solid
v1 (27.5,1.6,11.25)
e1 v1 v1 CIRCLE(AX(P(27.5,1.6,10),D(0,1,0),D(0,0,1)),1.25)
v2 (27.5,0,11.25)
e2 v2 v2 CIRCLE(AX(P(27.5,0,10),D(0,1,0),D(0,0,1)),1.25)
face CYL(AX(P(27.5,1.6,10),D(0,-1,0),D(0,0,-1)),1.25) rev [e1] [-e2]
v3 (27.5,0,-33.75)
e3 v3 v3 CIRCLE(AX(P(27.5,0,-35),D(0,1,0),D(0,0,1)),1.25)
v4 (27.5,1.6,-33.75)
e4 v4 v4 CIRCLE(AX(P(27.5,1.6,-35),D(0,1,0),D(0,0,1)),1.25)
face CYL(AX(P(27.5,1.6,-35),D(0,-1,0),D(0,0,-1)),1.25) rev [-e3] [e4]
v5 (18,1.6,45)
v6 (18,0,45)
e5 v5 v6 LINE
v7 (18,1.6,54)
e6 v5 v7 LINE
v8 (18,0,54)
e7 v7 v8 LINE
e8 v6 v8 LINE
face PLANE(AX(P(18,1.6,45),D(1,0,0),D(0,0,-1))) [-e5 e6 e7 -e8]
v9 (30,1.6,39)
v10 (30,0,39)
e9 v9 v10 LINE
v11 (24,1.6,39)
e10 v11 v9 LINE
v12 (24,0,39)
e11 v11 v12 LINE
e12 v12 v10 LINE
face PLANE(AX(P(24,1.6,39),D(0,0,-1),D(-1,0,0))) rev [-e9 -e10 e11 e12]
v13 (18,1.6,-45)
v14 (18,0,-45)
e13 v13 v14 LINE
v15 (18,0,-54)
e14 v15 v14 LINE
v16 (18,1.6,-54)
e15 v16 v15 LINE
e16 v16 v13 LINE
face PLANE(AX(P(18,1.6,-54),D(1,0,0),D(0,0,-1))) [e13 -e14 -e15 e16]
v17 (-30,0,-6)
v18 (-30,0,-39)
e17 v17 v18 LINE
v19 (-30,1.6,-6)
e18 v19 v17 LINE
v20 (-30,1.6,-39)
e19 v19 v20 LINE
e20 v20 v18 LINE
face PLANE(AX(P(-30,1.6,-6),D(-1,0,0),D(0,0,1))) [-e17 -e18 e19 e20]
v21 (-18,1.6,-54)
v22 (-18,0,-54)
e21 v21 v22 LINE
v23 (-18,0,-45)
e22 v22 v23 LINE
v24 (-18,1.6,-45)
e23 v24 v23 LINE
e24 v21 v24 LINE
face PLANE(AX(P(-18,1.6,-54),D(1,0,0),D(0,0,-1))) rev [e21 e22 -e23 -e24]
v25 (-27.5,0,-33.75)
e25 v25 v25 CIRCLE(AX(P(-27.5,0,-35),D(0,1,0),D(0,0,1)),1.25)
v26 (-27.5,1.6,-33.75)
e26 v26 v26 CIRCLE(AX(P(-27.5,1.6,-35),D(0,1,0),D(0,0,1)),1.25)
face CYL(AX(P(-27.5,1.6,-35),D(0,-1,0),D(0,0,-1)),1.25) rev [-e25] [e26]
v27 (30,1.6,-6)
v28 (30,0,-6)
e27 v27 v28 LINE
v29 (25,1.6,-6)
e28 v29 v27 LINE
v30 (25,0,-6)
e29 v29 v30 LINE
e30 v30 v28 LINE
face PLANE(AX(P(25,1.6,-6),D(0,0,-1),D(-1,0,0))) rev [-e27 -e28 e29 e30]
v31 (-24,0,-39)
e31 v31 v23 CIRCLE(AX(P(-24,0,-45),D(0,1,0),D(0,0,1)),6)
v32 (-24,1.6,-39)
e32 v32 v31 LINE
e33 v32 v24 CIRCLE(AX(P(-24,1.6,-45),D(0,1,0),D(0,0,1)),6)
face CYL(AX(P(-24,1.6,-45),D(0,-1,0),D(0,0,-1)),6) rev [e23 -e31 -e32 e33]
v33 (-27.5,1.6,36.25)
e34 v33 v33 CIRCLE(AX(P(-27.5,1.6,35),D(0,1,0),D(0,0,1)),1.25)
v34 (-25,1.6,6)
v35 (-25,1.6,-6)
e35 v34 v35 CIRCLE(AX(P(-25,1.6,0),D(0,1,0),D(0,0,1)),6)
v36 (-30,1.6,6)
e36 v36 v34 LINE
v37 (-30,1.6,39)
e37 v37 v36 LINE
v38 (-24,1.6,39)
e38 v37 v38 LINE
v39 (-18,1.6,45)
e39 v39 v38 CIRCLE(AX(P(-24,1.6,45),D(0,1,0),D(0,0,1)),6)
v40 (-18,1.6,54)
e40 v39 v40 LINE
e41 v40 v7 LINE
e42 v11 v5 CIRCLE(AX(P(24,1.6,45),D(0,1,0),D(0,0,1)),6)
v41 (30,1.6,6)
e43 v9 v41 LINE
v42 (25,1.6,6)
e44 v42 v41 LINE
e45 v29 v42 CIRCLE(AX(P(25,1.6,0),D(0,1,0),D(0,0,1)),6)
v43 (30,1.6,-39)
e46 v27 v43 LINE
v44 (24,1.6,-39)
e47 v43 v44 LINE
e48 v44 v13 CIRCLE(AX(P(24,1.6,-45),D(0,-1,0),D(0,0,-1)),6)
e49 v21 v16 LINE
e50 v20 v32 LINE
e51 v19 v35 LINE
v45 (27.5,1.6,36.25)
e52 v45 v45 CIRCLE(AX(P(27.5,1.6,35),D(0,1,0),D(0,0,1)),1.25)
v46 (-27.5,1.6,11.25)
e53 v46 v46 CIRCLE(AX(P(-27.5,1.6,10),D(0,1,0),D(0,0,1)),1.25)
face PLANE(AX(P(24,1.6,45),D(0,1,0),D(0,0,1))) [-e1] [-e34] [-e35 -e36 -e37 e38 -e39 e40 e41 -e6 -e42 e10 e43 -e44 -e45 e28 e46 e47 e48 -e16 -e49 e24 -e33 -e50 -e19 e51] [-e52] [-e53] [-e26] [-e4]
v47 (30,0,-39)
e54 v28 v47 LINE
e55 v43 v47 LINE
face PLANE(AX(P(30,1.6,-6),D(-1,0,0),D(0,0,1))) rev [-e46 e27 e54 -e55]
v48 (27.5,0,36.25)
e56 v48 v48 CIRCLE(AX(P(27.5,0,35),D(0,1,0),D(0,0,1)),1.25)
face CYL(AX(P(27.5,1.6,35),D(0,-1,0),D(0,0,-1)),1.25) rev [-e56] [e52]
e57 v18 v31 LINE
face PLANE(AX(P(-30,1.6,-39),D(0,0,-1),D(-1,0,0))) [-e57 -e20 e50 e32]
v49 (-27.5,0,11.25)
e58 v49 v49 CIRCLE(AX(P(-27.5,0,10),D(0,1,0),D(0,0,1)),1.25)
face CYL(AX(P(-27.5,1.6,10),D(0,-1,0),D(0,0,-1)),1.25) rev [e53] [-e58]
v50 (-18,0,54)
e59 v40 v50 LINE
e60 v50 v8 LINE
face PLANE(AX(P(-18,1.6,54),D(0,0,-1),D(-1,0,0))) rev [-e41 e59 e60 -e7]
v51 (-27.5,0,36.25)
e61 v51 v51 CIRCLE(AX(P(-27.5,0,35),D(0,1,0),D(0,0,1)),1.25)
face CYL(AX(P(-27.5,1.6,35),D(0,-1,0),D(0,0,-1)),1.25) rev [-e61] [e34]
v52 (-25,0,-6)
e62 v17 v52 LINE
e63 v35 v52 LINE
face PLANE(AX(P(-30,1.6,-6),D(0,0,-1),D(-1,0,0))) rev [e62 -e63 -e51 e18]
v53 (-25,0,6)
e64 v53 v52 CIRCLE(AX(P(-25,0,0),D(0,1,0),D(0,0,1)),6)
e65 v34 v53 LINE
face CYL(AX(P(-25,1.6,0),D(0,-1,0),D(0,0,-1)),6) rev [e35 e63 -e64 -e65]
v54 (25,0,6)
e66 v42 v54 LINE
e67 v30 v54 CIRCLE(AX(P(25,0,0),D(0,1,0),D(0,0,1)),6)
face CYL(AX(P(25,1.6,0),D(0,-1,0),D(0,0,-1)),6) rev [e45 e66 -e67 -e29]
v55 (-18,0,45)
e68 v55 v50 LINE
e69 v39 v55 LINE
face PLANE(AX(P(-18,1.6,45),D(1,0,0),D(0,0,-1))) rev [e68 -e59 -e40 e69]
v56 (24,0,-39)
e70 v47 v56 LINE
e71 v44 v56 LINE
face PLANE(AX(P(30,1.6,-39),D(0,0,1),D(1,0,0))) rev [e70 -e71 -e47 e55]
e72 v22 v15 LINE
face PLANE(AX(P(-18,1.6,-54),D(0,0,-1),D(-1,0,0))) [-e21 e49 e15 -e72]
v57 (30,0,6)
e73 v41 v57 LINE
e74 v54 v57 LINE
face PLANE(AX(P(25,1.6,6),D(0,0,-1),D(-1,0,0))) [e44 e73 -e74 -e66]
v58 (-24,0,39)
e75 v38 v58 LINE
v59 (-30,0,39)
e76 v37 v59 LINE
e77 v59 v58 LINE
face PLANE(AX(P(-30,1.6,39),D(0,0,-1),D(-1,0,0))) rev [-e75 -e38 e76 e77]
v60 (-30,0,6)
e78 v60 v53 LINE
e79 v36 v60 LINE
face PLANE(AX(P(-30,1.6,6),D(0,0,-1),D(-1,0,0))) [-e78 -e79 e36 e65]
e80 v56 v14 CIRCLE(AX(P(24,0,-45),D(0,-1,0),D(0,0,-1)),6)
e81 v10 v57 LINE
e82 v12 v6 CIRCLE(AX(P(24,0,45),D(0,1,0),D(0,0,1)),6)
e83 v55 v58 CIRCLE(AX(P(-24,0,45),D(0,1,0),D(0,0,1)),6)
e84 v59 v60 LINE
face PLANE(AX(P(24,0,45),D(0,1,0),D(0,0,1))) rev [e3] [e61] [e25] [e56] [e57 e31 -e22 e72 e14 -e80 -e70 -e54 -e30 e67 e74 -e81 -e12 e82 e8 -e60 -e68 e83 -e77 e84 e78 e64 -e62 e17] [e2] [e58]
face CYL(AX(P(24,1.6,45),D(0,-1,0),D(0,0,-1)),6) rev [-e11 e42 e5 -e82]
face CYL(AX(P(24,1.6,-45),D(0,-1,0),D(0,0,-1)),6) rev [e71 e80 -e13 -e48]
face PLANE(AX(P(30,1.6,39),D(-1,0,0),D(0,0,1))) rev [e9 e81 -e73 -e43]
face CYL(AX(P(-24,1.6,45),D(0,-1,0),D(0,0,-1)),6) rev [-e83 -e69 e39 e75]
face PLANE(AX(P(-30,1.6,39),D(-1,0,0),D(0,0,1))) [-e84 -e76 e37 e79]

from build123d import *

# Parameters (mm, degrees)
BOSS_EXTRUDE3_DEPTH = 1.6
SKETCH1_9_R         = 1.25
CUT_EXTRUDE2_DEPTH  = 1.6


with BuildPart() as part:
    # Sketch1 → Boss-Extrude3 (new body)
    with BuildSketch(Plane(origin=(0, 0, 0), x_dir=(1, 0, 0), z_dir=(0, 1, 0))):
        with BuildLine():
            Line((-30, -39), (-30, -6))
            Line((-30, -6), (-25, -6))
            ThreePointArc((-25, -6), (-19, 0), (-25, 6))
            Line((-25, 6), (-30, 6))
            Line((-30, 6), (-30, 39))
            Line((-30, 39), (-24, 39))
            ThreePointArc((-24, 39), (-19.757359313, 40.757359313), (-18, 45))
            Line((-18, 45), (-18, 54))
            Line((-18, 54), (18, 54))
            Line((18, 54), (18, 45))
            ThreePointArc((18, 45), (19.757359313, 40.757359313), (24, 39))
            Line((24, 39), (30, 39))
            Line((30, 39), (30, 6))
            Line((30, 6), (25, 6))
            ThreePointArc((25, 6), (19, 0), (25, -6))
            Line((25, -6), (30, -6))
            Line((30, -6), (30, -39))
            Line((30, -39), (24, -39))
            ThreePointArc((24, -39), (19.757359313, -40.757359313), (18, -45))
            Line((18, -45), (18, -54))
            Line((18, -54), (-18, -54))
            Line((-18, -54), (-18, -45))
            ThreePointArc((-18, -45), (-19.757359313, -40.757359313), (-24, -39))
            Line((-24, -39), (-30, -39))
        make_face()
    extrude(amount=BOSS_EXTRUDE3_DEPTH)

    # Sketch1<9> → Cut-Extrude2 (cut)
    with BuildSketch(Plane(origin=(0, 0, 0), x_dir=(1, 0, 0), z_dir=(0, 1, 0))):
        with Locations((-27.5, -35)):
            Circle(SKETCH1_9_R)
        with Locations((-27.5, -10)):
            Circle(SKETCH1_9_R)
        with Locations((27.5, -10)):
            Circle(SKETCH1_9_R)
        with Locations((27.5, -35)):
            Circle(SKETCH1_9_R)
        with Locations((27.5, 35)):
            Circle(SKETCH1_9_R)
        with Locations((-27.5, 35)):
            Circle(SKETCH1_9_R)
    extrude(amount=CUT_EXTRUDE2_DEPTH, mode=Mode.SUBTRACT)


solid = part.part
